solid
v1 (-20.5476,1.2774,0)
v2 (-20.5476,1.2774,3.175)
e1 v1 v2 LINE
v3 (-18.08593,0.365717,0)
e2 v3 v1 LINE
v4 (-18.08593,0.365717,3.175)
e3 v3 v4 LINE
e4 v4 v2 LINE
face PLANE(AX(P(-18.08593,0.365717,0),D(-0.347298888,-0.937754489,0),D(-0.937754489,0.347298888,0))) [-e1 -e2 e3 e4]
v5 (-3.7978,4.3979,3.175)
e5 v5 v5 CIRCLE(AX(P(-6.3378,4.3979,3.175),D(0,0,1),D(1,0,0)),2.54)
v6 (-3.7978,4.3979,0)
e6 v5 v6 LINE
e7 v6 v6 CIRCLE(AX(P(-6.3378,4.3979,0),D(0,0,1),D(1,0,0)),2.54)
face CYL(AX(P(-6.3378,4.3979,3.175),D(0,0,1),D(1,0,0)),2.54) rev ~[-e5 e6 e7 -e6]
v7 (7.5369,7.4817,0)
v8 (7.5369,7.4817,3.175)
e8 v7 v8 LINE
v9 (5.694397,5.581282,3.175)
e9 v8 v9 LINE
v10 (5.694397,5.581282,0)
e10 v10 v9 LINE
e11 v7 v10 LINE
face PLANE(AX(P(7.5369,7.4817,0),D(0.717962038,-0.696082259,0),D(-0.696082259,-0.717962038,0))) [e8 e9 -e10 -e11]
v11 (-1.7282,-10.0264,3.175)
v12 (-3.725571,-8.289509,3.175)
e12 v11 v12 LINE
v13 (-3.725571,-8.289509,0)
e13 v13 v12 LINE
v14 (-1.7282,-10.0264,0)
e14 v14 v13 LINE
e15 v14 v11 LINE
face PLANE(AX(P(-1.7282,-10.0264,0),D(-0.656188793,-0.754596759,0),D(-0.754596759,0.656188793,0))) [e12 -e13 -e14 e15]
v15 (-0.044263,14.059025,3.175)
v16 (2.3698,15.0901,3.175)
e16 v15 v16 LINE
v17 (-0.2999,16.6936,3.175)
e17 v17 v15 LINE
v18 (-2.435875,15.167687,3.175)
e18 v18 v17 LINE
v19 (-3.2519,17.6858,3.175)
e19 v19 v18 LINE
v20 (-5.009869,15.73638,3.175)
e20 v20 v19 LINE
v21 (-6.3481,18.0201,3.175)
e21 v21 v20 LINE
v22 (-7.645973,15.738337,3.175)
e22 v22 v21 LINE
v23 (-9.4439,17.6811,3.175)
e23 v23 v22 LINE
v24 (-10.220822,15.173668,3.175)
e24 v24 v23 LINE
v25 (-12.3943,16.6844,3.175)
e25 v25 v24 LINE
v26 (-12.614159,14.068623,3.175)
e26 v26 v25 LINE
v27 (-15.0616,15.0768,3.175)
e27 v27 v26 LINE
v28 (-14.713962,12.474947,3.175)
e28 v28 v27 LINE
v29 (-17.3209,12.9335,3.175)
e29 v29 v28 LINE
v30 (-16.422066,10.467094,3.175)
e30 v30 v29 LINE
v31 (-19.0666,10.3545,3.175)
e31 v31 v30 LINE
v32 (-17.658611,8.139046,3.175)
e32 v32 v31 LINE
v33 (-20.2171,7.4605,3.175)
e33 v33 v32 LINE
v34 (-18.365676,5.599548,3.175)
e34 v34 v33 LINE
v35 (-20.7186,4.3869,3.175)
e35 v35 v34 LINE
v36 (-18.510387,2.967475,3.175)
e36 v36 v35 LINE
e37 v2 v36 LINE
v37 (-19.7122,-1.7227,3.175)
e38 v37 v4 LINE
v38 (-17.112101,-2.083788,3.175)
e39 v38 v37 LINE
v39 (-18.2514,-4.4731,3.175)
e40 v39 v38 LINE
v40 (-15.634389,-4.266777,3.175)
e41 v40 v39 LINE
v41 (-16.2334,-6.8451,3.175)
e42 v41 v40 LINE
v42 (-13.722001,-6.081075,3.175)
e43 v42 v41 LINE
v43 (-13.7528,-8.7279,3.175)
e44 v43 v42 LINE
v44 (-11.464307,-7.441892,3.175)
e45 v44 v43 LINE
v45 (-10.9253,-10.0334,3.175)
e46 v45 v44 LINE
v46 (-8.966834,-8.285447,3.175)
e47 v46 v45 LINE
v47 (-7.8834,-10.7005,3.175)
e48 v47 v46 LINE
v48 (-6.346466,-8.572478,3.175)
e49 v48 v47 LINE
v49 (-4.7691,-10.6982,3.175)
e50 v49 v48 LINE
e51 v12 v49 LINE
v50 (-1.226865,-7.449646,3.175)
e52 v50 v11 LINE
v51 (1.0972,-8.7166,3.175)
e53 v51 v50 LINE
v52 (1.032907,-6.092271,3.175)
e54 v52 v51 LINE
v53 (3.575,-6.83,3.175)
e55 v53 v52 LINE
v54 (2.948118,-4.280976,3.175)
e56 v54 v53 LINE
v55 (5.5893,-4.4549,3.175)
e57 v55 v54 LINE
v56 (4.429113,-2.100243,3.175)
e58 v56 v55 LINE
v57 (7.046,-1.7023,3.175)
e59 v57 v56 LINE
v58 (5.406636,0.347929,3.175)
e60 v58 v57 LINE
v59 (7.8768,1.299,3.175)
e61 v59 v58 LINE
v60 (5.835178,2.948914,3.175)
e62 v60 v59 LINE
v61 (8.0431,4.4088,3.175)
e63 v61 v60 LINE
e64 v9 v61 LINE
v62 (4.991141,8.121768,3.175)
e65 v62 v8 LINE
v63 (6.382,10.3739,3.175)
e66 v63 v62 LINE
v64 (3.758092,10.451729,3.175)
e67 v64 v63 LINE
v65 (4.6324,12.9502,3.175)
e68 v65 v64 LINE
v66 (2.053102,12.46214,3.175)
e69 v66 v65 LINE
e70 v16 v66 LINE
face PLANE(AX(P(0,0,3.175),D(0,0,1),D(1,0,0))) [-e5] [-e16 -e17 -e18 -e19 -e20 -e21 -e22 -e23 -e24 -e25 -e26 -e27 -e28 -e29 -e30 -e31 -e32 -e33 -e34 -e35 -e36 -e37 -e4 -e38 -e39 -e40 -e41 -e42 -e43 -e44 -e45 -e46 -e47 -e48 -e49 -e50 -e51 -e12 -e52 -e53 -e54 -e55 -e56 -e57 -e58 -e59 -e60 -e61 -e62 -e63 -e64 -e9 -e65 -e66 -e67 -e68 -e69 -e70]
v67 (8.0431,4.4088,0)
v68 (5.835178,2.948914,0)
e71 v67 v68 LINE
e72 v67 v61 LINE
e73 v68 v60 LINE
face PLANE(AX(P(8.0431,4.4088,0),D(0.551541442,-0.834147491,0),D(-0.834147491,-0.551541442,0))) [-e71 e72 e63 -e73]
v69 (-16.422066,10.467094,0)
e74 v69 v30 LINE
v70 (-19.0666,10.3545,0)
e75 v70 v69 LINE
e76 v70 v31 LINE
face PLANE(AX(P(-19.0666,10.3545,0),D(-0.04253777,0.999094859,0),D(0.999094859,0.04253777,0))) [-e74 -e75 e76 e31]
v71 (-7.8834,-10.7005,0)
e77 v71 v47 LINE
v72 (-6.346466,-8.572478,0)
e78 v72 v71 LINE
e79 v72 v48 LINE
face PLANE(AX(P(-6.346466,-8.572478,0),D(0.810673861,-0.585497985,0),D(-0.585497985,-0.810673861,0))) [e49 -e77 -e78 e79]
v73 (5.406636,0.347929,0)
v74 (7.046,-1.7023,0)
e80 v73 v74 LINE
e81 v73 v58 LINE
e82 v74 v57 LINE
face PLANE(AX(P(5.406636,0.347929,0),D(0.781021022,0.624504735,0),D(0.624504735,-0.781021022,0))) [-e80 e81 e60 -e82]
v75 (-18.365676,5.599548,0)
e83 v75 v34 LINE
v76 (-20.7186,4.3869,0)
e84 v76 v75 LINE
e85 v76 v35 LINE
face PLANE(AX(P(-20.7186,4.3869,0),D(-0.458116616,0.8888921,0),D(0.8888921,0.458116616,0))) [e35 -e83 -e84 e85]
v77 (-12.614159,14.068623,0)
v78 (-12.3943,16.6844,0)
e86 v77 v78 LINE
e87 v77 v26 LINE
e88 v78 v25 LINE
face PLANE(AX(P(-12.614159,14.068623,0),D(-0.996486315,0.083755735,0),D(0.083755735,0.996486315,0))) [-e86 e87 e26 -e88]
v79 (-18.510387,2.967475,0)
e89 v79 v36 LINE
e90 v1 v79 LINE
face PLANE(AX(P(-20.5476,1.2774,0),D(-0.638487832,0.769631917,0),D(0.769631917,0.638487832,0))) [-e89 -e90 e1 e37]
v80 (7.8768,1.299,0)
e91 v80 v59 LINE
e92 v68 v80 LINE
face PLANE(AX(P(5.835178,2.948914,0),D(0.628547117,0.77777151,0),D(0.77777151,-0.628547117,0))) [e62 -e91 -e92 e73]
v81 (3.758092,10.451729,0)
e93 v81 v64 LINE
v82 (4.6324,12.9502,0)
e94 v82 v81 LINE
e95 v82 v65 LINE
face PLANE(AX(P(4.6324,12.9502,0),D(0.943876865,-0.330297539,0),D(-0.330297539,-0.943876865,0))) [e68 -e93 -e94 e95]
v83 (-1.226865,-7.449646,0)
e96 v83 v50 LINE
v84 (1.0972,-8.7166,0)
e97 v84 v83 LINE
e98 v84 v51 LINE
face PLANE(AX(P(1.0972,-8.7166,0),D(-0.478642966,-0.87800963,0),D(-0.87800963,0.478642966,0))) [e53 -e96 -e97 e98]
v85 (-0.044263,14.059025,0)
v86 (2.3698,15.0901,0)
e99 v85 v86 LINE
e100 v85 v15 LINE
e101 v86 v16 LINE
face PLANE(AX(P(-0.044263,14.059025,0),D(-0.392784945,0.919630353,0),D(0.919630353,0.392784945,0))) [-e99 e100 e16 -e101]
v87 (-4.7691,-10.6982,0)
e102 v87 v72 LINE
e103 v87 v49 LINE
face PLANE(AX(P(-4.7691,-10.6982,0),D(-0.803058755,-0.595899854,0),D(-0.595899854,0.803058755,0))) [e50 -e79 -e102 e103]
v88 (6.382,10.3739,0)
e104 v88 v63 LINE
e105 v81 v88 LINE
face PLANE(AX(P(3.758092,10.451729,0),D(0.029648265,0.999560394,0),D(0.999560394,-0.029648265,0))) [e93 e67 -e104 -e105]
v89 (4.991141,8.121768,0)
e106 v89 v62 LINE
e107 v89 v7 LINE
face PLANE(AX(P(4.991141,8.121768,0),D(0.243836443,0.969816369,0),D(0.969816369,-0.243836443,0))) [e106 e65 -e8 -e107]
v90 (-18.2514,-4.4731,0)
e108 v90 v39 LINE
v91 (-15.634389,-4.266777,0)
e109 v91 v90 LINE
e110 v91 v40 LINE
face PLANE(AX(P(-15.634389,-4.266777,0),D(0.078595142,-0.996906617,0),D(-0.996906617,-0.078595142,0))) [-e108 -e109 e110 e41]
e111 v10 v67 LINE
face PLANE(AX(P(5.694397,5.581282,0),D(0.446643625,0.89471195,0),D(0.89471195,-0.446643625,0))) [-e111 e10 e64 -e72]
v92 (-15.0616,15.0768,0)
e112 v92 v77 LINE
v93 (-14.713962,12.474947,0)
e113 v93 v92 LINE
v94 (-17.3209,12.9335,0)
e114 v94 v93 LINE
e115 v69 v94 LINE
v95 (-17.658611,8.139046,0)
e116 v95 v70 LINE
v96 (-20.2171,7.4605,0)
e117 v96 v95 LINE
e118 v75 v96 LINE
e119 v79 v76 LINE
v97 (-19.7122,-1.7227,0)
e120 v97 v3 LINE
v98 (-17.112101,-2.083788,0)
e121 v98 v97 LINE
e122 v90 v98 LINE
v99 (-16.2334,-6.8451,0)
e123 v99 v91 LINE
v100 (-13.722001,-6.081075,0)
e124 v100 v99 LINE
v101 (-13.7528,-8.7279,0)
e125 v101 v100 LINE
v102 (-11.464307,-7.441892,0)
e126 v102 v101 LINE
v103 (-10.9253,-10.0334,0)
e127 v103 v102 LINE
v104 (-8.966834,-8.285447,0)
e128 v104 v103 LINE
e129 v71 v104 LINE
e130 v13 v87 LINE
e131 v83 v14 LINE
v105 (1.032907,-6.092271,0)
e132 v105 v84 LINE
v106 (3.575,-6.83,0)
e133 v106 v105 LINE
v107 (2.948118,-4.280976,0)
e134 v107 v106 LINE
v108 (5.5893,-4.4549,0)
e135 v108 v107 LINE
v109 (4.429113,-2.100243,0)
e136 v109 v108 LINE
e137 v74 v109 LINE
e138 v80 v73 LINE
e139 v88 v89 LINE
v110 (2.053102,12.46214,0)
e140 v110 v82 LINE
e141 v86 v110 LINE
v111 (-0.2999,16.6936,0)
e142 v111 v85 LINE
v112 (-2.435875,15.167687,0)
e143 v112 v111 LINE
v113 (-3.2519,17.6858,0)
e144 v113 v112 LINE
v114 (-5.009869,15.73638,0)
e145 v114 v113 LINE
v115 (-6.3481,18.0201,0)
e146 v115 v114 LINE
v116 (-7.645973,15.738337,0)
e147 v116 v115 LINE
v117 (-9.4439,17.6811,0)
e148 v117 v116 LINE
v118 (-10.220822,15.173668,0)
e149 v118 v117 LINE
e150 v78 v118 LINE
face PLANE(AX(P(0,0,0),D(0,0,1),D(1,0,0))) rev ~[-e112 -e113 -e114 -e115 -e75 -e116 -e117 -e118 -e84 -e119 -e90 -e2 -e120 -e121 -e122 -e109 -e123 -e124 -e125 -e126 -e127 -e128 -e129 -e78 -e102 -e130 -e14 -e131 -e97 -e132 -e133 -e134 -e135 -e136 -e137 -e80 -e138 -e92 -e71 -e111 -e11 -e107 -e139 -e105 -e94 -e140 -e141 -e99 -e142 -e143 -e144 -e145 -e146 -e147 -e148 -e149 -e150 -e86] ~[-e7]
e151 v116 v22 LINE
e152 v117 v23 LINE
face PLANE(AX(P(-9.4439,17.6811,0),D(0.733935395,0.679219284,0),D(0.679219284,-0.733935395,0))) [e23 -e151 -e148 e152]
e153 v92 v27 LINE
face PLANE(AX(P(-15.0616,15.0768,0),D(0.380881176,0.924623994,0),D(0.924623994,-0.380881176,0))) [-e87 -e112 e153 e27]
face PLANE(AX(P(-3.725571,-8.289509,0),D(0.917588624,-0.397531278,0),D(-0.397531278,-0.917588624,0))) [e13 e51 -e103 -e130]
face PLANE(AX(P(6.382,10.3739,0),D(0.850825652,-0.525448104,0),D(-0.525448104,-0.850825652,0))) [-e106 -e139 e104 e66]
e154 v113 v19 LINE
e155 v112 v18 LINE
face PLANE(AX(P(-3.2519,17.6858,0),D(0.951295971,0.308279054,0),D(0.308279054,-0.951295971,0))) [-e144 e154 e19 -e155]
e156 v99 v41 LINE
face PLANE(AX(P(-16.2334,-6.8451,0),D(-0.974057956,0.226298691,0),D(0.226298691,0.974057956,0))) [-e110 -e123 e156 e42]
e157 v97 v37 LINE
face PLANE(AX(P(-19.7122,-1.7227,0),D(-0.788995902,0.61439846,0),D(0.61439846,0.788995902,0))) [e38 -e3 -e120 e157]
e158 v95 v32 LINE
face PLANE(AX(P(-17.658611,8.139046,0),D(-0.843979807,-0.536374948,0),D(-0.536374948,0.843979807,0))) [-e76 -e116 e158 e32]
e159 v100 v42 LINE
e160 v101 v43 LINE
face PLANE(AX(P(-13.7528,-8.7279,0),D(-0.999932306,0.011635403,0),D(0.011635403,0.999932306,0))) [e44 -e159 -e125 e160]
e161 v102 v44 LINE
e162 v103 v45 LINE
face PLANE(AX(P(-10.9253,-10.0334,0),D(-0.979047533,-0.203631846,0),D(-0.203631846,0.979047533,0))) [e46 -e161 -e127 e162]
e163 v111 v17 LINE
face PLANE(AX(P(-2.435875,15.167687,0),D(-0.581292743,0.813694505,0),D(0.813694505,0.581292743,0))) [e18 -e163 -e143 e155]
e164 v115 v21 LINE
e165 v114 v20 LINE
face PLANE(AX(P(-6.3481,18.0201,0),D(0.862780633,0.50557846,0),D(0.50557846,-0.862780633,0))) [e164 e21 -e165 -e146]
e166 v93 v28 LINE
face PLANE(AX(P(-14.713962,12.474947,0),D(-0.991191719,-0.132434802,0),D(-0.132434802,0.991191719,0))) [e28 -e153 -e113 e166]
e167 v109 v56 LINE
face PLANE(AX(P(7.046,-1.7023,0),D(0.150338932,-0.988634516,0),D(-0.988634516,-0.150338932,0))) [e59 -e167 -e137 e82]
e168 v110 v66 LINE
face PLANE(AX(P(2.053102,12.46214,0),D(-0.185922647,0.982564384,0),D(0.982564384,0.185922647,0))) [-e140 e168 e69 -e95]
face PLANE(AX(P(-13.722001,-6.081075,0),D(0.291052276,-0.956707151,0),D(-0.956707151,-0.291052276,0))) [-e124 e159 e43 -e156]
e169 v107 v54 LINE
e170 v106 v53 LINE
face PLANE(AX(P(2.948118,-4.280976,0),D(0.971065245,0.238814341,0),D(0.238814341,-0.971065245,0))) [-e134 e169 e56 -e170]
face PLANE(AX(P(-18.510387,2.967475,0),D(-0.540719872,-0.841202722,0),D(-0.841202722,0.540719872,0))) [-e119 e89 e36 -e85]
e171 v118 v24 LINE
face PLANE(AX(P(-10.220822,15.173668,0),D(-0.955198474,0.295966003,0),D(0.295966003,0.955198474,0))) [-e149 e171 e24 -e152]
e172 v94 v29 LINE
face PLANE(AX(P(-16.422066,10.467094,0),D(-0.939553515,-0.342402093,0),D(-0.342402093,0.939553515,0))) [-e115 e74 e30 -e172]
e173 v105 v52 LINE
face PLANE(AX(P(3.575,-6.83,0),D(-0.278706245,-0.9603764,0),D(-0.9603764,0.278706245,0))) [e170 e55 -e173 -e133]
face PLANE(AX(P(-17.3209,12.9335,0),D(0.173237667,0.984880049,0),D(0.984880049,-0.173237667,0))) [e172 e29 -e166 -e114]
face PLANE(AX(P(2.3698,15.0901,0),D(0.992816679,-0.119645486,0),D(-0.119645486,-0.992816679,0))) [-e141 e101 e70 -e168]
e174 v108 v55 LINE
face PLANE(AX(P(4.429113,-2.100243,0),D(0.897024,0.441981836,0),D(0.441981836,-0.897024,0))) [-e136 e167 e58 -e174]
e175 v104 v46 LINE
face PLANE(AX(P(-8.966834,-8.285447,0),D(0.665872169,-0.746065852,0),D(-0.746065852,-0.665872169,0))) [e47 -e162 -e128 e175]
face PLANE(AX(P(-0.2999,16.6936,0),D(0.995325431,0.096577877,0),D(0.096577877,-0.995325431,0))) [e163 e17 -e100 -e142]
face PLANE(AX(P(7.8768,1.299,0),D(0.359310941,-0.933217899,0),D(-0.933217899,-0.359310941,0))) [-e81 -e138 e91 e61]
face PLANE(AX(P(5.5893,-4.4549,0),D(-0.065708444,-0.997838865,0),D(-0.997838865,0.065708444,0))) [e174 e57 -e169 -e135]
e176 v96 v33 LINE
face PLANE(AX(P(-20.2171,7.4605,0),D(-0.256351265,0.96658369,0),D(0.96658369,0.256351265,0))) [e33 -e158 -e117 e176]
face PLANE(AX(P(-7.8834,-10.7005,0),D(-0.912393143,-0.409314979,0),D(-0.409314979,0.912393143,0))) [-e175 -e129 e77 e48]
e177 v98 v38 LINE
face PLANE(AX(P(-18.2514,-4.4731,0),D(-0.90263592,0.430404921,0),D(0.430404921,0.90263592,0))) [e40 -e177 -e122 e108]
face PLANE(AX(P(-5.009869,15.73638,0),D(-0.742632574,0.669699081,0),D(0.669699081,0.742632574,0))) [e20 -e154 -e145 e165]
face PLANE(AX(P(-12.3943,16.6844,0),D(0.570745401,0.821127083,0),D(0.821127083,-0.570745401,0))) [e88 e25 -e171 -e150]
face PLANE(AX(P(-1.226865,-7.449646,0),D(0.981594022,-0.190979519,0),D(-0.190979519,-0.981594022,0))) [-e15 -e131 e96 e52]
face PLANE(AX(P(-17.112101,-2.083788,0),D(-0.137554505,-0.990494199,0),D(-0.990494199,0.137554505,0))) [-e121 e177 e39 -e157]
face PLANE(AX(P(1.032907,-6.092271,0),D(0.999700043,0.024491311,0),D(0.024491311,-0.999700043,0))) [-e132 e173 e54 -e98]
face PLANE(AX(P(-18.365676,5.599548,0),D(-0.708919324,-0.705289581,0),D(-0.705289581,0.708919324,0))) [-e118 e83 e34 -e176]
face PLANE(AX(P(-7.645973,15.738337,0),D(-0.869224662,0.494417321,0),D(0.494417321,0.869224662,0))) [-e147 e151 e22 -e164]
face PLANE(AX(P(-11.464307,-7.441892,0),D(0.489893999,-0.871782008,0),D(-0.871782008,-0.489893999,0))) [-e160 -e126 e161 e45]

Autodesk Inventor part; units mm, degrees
ref_plane "YZ Plane" through (0, 0, 0) normal (1, 0, 0) x (0, 1, 0)
ref_plane "XZ Plane" through (0, 0, 0) normal (0, 1, 0) x (-1, 0, 0)
ref_plane "XY Plane" through (0, 0, 0) normal (0, 0, 1) x (1, 0, 0)
sketch "Sketch1" plane through (0, 0, 0) normal (0, 0, 1) x (1, 0, 0)
  line L0 (-4.8577, 15.4767) -> (-7.8056, 15.4577)
  line L1 (-7.8056, 15.4577) -> (-6.3481, 18.0201)
  line L2 (-6.3481, 18.0201) -> (-4.8577, 15.4767)
  line L3 (-10.3164, 14.8652) -> (-9.4439, 17.6811)
  line L4 (-9.4439, 17.6811) -> (-7.4416, 15.5175)
  line L5 (-7.4416, 15.5175) -> (-10.3164, 14.8652)
  line L6 (-12.6412, 13.7469) -> (-12.3943, 16.6844)
  line L7 (-12.3943, 16.6844) -> (-9.9737, 15.0019)
  line L8 (-9.9737, 15.0019) -> (-12.6412, 13.7469)
  line L9 (-14.6712, 12.1549) -> (-15.0616, 15.0768)
  line L10 (-15.0616, 15.0768) -> (-12.3359, 13.954)
  line L11 (-12.3359, 13.954) -> (-14.6712, 12.1549)
  line L12 (-16.3115, 10.1637) -> (-17.3209, 12.9335)
  line L13 (-17.3209, 12.9335) -> (-14.4175, 12.4228)
  line L14 (-14.4175, 12.4228) -> (-16.3115, 10.1637)
  line L15 (-17.4854, 7.8665) -> (-19.0666, 10.3545)
  line L16 (-19.0666, 10.3545) -> (-16.1213, 10.4799)
  line L17 (-16.1213, 10.4799) -> (-17.4854, 7.8665)
  line L18 (-18.138, 5.3707) -> (-20.2171, 7.4605)
  line L19 (-20.2171, 7.4605) -> (-17.3677, 8.2162)
  line L20 (-17.3677, 8.2162) -> (-18.138, 5.3707)
  line L21 (-18.2388, 2.7929) -> (-20.7186, 4.3869)
  line L22 (-20.7186, 4.3869) -> (-18.0982, 5.7374)
  line L23 (-18.0982, 5.7374) -> (-18.2388, 2.7929)
  line L24 (-17.7832, 0.2536) -> (-20.5476, 1.2774)
  line L25 (-20.5476, 1.2774) -> (-18.2788, 3.1596)
  line L26 (-18.2788, 3.1596) -> (-17.7832, 0.2536)
  line L27 (-16.7923, -2.1282) -> (-19.7122, -1.7227)
  line L28 (-19.7122, -1.7227) -> (-17.901, 0.6032)
  line L29 (-17.901, 0.6032) -> (-16.7923, -2.1282)
  line L30 (-15.3125, -4.2414) -> (-18.2514, -4.4731)
  line L31 (-18.2514, -4.4731) -> (-16.9826, -1.8122)
  line L32 (-16.9826, -1.8122) -> (-15.3125, -4.2414)
  line L33 (-13.4131, -5.9871) -> (-16.2334, -6.8451)
  line L34 (-16.2334, -6.8451) -> (-15.5663, -3.9737)
  line L35 (-15.5663, -3.9737) -> (-13.4131, -5.9871)
  line L36 (-11.1828, -7.2837) -> (-13.7528, -8.7279)
  line L37 (-13.7528, -8.7279) -> (-13.7185, -5.7802)
  line L38 (-13.7185, -5.7802) -> (-11.1828, -7.2837)
  line L39 (-8.726, -8.0705) -> (-10.9253, -10.0334)
  line L40 (-10.9253, -10.0334) -> (-11.5256, -7.1472)
  line L41 (-11.5256, -7.1472) -> (-8.726, -8.0705)
  line L42 (-6.1574, -8.3107) -> (-7.8834, -10.7005)
  line L43 (-7.8834, -10.7005) -> (-9.09, -8.0109)
  line L44 (-9.09, -8.0109) -> (-6.1574, -8.3107)
  line L45 (-3.5972, -7.9932) -> (-4.7691, -10.6982)
  line L46 (-4.7691, -10.6982) -> (-6.5258, -8.3308)
  line L47 (-6.5258, -8.3308) -> (-3.5972, -7.9932)
  line L48 (-1.1652, -7.1327) -> (-1.7282, -10.0264)
  line L49 (-1.7282, -10.0264) -> (-3.9527, -8.092)
  line L50 (-3.9527, -8.092) -> (-1.1652, -7.1327)
  line L51 (1.025, -5.7695) -> (1.0972, -8.7166)
  line L52 (1.0972, -8.7166) -> (-1.4911, -7.3056)
  line L53 (-1.4911, -7.3056) -> (1.025, -5.7695)
  line L54 (2.871, -3.9674) -> (3.575, -6.83)
  line L55 (3.575, -6.83) -> (0.7439, -6.0084)
  line L56 (0.7439, -6.0084) -> (2.871, -3.9674)
  line L57 (4.2864, -1.8106) -> (5.5893, -4.4549)
  line L58 (5.5893, -4.4549) -> (2.6478, -4.2612)
  line L59 (2.6478, -4.2612) -> (4.2864, -1.8106)
  line L60 (5.205, 0.6001) -> (7.046, -1.7023)
  line L61 (7.046, -1.7023) -> (4.1315, -2.1455)
  line L62 (4.1315, -2.1455) -> (5.205, 0.6001)
  line L63 (5.584, 3.1519) -> (7.8768, 1.299)
  line L64 (7.8768, 1.299) -> (5.1258, 0.2398)
  line L65 (5.1258, 0.2398) -> (5.584, 3.1519)
  line L66 (5.4055, 5.7255) -> (8.0431, 4.4088)
  line L67 (8.0431, 4.4088) -> (5.5841, 2.7829)
  line L68 (5.5841, 2.7829) -> (5.4055, 5.7255)
  line L69 (4.678, 8.2005) -> (7.5369, 7.4817)
  line L70 (7.5369, 7.4817) -> (5.4849, 5.3652)
  line L71 (5.4849, 5.3652) -> (4.678, 8.2005)
  line L72 (3.4354, 10.4613) -> (6.382, 10.3739)
  line L73 (6.382, 10.3739) -> (4.833, 7.8657)
  line L74 (4.833, 7.8657) -> (3.4354, 10.4613)
  line L75 (1.7358, 12.4021) -> (4.6324, 12.9502)
  line L76 (4.6324, 12.9502) -> (3.6587, 10.1677)
  line L77 (3.6587, 10.1677) -> (1.7358, 12.4021)
  line L78 (-0.3412, 13.9322) -> (2.3698, 15.0901)
  line L79 (2.3698, 15.0901) -> (2.0171, 12.1634)
  line L80 (2.0171, 12.1634) -> (-0.3412, 13.9322)
  line L81 (-2.6986, 14.98) -> (-0.2999, 16.6936)
  line L82 (-0.2999, 16.6936) -> (-0.0152, 13.7595)
  line L83 (-0.0152, 13.7595) -> (-2.6986, 14.98)
  line L84 (-5.2261, 15.4966) -> (-3.2519, 17.6858)
  line L85 (-3.2519, 17.6858) -> (-2.3431, 14.8814)
  line L86 (-2.3431, 14.8814) -> (-5.2261, 15.4966)
  circle A0 centre (-6.3372, 3.6182) radius 11.9504
  point P0 (0, 0)
  point P1 (-6.3372, 16.3182)
  dimension "d3" = 360
  dimension "d10" = 2.9479
extrude "Extrusion1" add sketch "Sketch1" along normal blind 3.175
sketch "Sketch2" plane through (0, 0, 3.175) normal (0, 0, 1) x (1, 0, 0)
  line L0 (-6.3481, 18.0201) -> (-7.646, 15.7384) projected
  line L1 (-6.3464, -8.5725) -> (-6.3481, 18.0201) construction
  line L2 (-20.7186, 4.3869) -> (-18.5104, 2.9675) projected
  line L3 (8.0431, 4.4088) -> (5.6944, 5.5813) projected
  line L4 (-20.7186, 4.3869) -> (8.0431, 4.4088) construction
  circle A0 centre (-6.3378, 4.3979) radius 2.54
  point P0 (0, 0)
  dimension "d7" = 5.08
extrude "Extrusion2" cut sketch "Sketch2" against normal blind 3.175
properties part number "Backdrop Gear"
